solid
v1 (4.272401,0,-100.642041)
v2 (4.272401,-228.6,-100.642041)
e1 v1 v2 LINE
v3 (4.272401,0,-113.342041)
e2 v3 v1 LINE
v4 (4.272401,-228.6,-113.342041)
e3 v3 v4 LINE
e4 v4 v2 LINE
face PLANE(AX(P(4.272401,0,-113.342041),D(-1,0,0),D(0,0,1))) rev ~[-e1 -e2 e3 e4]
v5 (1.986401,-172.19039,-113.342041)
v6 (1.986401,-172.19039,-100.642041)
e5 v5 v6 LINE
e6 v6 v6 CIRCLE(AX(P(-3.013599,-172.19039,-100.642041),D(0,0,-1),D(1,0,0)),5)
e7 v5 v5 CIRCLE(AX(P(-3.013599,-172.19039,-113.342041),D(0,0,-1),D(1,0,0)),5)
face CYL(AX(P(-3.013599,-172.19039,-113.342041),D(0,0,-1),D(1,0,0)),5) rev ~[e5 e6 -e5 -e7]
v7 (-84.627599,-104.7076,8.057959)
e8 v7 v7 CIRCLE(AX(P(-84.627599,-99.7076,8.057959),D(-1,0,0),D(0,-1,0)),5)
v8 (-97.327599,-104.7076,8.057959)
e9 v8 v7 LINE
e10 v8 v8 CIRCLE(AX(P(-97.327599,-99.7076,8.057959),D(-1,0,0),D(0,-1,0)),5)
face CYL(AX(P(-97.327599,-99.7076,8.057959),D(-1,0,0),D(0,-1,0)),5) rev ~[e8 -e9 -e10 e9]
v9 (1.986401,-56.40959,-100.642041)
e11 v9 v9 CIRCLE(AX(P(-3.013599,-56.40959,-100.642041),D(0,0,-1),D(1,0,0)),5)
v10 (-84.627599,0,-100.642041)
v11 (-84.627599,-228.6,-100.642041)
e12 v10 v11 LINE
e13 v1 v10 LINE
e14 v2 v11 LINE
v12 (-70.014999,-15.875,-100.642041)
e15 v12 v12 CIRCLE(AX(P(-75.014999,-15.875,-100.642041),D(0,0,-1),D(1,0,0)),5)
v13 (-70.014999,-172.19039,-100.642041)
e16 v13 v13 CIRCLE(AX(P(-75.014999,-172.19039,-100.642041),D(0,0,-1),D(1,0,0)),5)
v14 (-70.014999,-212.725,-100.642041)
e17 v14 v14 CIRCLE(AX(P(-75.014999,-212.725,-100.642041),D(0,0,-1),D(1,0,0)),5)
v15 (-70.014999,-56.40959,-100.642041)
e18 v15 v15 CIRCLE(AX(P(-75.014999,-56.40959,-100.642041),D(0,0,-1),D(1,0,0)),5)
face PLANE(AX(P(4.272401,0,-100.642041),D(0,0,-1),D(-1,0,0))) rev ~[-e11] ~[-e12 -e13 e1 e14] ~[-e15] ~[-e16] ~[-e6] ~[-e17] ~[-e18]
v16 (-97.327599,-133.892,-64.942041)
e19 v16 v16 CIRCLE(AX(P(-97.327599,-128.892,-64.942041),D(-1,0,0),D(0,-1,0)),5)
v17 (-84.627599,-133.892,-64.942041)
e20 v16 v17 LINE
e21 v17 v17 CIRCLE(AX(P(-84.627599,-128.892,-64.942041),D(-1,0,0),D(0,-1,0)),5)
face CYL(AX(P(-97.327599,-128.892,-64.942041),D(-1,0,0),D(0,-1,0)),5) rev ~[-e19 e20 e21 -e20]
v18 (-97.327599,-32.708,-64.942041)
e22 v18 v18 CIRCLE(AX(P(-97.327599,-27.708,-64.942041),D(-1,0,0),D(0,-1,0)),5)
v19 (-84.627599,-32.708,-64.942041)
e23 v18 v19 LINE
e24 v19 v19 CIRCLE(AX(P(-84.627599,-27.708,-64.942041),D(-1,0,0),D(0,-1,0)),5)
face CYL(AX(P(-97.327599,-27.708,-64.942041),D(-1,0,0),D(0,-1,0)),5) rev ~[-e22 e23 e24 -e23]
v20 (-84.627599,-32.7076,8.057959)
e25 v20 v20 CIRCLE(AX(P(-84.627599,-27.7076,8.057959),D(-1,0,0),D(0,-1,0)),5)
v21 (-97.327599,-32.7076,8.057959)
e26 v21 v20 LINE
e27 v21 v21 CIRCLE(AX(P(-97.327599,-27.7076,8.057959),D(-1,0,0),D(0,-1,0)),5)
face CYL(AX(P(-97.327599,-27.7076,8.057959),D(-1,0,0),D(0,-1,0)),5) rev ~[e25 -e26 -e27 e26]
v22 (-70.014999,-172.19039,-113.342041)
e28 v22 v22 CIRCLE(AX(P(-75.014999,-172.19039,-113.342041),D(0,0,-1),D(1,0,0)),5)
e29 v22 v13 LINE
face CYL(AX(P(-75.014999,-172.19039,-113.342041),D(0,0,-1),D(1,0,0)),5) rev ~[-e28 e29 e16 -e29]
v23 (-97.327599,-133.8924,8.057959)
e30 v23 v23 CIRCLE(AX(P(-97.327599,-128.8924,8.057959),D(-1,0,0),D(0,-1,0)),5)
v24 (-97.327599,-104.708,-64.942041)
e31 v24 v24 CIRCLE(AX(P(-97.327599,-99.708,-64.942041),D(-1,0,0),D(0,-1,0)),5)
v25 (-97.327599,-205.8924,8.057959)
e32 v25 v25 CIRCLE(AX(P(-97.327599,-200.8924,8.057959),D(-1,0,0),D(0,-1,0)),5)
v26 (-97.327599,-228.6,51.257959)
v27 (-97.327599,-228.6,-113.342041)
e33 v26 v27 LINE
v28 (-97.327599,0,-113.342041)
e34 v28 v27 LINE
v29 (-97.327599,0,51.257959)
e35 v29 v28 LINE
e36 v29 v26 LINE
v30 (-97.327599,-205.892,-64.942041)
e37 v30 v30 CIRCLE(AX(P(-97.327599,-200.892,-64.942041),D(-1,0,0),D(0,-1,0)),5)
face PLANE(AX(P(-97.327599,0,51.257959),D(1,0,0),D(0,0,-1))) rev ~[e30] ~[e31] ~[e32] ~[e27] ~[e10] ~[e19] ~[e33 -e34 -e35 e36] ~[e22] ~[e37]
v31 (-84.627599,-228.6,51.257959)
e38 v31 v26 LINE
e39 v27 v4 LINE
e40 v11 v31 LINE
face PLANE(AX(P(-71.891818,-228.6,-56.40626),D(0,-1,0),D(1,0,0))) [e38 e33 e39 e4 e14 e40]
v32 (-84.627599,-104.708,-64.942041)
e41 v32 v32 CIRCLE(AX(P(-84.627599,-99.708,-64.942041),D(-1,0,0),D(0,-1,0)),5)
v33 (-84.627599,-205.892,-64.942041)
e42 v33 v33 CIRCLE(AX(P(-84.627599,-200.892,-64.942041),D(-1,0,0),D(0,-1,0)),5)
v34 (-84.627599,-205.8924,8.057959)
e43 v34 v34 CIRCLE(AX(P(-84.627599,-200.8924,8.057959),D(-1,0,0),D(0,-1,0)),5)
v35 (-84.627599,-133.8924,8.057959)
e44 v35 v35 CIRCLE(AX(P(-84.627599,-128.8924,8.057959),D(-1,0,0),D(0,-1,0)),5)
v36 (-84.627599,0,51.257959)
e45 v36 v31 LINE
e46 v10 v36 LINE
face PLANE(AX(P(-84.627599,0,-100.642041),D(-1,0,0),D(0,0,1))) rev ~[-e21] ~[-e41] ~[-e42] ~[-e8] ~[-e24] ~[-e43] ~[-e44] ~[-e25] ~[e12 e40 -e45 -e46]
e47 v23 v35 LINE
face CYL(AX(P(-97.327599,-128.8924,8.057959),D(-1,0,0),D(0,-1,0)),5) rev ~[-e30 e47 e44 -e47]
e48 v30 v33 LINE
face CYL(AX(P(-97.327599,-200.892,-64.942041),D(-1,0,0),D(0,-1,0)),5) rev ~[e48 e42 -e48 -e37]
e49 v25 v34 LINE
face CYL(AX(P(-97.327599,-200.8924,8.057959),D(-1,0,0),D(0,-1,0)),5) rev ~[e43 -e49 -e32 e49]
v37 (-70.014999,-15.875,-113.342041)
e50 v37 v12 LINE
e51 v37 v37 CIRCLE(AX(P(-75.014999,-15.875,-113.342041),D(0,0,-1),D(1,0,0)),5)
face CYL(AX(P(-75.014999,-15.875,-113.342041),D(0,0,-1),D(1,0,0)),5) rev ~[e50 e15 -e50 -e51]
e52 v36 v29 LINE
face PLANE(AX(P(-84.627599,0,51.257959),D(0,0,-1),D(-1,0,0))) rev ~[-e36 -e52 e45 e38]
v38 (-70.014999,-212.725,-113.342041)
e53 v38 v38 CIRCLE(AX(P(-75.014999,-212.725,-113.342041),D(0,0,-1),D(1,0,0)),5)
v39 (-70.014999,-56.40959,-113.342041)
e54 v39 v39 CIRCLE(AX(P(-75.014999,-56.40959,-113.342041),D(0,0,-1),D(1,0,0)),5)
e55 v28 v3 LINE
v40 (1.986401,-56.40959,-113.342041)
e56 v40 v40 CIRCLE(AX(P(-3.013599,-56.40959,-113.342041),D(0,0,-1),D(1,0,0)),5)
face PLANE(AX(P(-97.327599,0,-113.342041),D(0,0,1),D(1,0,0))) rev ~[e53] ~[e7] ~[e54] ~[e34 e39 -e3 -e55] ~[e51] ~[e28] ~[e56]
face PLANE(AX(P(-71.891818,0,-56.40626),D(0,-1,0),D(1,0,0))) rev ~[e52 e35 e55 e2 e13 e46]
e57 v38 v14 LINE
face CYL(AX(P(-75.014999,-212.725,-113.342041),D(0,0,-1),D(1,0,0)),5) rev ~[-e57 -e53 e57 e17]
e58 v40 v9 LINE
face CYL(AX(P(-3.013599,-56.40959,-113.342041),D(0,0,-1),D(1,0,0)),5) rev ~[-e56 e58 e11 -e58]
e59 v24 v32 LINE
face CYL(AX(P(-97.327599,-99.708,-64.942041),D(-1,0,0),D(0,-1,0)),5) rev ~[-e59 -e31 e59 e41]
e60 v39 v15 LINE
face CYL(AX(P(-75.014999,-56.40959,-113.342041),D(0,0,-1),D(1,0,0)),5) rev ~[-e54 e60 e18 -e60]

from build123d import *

# Parameters (mm, degrees)
F1_DEPTH = 228.6
F2_R     = 5
F3_DEPTH = 25
F4_R     = 5
F5_DEPTH = 101.601


with BuildPart() as f1:
    # F0 (on Front) → F1 (new body)
    with BuildSketch(Plane.XZ):
        Polygon((-84.627599, 51.257959), (-97.327599, 51.257959), (-97.327599, -113.342041), (4.272401, -113.342041), (4.272401, -100.642041), (-84.627599, -100.642041), align=None)
    extrude(amount=F1_DEPTH)

    # F2 (on face) → F3 (cut)
    with BuildSketch(Plane(origin=(0, 0, -113.342041), x_dir=(1, 0, 0), z_dir=(0, 0, -1))):
        with Locations((-3.013599, 172.19039)):
            Circle(F2_R)
        with Locations((-3.013599, 56.40959)):
            Circle(F2_R)
        with Locations((-75.014999, 172.19039)):
            Circle(F2_R)
        with Locations((-75.014999, 56.40959)):
            Circle(F2_R)
        with Locations((-75.014999, 15.875)):
            Circle(F2_R)
        with Locations((-75.014999, 212.725)):
            Circle(F2_R)
    extrude(amount=-F3_DEPTH, mode=Mode.SUBTRACT)

    # F4 (on face) → F5 (cut, through all)
    with BuildSketch(Plane(origin=(-97.327599, 0, 0), x_dir=(0, -1, 0), z_dir=(-1, 0, 0))):
        with Locations((200.8924, 8.057959)):
            Circle(F4_R)
        with Locations((128.8924, 8.057959)):
            Circle(F4_R)
        with Locations((99.7076, 8.057959)):
            Circle(F4_R)
        with Locations((27.7076, 8.057959)):
            Circle(F4_R)
        with Locations((27.708, -64.942041)):
            Circle(F4_R)
        with Locations((99.708, -64.942041)):
            Circle(F4_R)
        with Locations((128.892, -64.942041)):
            Circle(F4_R)
        with Locations((200.892, -64.942041)):
            Circle(F4_R)
    extrude(amount=-F5_DEPTH, mode=Mode.SUBTRACT)


solid = f1.part
